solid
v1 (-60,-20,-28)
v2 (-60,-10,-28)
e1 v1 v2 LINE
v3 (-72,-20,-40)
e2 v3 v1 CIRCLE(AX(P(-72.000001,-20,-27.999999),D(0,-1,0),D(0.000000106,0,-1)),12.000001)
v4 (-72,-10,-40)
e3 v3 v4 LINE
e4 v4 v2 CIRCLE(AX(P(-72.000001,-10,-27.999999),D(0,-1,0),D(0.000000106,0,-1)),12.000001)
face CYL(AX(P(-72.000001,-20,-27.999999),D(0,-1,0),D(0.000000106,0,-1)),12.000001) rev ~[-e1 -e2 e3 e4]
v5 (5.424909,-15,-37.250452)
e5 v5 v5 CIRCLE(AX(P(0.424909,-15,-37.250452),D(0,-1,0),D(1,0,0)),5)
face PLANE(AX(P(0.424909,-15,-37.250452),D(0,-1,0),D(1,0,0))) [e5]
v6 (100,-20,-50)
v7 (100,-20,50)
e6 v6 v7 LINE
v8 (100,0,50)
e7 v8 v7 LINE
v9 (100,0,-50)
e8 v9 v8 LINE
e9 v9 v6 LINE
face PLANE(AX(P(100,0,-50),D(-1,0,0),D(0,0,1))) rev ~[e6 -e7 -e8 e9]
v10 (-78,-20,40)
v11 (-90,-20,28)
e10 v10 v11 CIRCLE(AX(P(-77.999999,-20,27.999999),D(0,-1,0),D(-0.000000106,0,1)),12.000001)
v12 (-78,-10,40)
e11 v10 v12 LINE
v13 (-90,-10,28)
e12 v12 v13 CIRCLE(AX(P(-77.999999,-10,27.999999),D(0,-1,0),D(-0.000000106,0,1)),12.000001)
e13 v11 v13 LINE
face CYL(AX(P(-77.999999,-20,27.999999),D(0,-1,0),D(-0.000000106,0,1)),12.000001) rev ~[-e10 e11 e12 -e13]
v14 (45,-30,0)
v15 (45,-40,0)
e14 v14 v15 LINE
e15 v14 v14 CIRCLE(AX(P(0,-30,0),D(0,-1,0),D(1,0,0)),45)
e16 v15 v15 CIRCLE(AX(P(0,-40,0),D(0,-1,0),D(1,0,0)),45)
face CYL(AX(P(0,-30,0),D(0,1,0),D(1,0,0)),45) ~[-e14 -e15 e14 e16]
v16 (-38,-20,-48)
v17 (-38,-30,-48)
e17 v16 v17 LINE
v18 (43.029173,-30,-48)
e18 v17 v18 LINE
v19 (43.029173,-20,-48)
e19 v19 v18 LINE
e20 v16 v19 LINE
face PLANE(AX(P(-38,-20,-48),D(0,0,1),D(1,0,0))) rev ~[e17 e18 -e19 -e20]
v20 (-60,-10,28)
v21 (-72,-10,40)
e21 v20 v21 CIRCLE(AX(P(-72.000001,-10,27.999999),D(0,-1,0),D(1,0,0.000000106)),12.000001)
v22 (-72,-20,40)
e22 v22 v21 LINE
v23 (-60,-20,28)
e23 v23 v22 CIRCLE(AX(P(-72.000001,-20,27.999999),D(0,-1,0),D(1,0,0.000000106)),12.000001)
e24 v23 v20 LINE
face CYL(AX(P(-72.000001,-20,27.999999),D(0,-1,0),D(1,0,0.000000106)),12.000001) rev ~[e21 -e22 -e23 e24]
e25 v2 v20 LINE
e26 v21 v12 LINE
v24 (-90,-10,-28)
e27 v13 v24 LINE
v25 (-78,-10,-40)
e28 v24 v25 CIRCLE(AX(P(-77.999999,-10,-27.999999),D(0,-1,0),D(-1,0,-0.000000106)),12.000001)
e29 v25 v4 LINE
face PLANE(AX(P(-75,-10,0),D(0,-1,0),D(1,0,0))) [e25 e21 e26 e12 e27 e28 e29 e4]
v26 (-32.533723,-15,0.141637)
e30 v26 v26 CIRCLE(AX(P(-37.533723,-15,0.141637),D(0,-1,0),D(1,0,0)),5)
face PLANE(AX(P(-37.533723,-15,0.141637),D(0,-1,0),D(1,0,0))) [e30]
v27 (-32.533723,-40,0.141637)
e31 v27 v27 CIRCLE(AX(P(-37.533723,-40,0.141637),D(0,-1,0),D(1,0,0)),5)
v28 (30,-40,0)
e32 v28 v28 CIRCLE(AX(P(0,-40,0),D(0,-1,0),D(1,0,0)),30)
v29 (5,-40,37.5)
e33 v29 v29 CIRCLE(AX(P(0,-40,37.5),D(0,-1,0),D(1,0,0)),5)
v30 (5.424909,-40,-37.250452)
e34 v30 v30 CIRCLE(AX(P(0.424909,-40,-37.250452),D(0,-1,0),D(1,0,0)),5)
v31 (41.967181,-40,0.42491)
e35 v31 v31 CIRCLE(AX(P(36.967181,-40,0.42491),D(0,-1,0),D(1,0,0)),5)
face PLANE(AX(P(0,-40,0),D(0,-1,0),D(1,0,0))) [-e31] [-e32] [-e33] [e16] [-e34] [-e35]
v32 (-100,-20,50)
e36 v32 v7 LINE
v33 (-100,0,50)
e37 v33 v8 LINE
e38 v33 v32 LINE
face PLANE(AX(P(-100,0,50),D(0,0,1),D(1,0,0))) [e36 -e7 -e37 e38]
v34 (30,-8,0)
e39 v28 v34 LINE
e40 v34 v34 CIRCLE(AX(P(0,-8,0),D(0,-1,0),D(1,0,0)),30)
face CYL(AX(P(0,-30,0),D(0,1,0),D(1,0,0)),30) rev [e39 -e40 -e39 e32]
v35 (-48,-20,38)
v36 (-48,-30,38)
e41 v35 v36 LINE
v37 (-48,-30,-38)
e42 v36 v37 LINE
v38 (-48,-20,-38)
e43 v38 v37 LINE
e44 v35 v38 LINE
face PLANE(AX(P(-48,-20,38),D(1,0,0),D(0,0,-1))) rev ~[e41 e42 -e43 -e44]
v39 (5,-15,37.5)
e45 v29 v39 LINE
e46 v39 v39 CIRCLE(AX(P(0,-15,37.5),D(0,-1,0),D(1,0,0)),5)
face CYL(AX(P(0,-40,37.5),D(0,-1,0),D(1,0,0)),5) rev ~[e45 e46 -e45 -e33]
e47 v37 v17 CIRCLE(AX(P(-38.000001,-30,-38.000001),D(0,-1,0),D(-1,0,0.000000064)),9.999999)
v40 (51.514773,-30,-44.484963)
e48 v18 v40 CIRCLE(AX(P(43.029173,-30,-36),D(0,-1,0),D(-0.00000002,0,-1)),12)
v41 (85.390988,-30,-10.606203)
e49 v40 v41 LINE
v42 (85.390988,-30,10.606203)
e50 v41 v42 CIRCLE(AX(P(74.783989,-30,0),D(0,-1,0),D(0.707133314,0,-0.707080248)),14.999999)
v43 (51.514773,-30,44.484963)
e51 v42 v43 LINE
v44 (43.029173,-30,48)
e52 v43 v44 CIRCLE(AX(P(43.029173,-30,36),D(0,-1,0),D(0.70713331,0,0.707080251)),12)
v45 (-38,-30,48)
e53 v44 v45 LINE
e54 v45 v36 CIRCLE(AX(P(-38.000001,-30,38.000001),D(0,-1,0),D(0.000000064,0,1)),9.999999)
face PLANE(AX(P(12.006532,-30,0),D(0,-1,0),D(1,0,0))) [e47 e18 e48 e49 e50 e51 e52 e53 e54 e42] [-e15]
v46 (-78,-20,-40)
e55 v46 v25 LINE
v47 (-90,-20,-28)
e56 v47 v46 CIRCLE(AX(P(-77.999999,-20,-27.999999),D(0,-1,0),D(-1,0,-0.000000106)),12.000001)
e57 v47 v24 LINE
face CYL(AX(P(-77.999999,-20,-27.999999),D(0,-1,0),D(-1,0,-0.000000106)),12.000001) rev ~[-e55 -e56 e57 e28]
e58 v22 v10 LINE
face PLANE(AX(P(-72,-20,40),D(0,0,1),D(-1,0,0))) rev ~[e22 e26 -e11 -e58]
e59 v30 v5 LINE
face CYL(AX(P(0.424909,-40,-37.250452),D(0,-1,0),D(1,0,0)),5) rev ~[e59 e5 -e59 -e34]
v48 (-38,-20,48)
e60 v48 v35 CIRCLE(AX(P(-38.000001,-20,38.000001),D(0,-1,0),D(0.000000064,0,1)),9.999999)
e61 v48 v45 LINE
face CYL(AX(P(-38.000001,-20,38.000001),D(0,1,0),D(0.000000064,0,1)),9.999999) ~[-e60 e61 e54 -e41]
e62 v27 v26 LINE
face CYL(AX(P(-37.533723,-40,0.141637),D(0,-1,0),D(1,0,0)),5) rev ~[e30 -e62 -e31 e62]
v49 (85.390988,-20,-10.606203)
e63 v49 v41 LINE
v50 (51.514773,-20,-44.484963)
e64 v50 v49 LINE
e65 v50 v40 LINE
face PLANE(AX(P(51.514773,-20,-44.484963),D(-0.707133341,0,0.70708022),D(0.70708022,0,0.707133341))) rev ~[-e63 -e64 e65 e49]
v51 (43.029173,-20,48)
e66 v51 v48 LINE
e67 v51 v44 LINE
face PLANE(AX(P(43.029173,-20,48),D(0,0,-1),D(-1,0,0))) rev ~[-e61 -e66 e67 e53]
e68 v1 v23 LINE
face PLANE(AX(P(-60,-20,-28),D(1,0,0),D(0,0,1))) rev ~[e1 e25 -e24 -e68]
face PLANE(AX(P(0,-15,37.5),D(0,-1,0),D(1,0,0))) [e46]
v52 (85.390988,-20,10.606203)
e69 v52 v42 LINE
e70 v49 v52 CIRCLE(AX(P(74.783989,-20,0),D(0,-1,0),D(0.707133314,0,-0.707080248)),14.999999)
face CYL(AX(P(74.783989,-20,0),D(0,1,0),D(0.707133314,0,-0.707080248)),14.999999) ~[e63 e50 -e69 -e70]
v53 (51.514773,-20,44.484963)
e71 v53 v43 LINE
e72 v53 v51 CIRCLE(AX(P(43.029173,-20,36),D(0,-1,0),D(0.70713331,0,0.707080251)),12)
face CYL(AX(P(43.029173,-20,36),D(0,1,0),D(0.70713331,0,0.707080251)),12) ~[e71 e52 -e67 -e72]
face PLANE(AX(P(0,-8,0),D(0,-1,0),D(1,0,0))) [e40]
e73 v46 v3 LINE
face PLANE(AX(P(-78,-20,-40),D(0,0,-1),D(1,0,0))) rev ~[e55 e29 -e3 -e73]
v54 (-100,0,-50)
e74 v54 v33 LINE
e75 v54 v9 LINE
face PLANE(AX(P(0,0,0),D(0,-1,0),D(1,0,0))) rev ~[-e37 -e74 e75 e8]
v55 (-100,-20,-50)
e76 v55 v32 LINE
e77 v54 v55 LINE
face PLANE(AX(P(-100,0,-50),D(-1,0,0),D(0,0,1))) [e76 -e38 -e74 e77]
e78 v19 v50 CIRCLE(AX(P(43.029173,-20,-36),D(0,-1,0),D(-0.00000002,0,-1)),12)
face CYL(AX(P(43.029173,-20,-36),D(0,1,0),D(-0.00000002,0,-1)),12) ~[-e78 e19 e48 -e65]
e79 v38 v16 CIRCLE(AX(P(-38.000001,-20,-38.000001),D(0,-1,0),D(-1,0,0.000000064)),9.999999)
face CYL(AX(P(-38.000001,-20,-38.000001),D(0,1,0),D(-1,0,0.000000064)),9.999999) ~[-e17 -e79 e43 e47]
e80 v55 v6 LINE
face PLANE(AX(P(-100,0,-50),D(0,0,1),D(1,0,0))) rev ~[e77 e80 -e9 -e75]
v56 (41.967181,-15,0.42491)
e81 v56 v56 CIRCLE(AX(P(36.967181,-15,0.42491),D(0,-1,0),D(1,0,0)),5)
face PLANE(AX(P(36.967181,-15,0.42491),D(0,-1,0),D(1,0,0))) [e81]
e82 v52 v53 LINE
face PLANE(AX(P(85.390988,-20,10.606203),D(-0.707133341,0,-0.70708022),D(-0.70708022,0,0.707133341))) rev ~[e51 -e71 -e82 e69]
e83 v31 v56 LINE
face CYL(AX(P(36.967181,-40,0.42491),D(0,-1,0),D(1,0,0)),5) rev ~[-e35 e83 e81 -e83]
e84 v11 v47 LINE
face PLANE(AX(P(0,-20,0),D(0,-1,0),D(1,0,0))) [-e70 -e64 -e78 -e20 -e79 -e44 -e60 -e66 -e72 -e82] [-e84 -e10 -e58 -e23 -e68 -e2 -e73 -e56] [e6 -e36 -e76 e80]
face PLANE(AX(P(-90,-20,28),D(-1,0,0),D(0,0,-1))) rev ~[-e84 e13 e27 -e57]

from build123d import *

# Parameters (mm, degrees)
F0_W      = 200
F0_H      = 100
F1_DEPTH  = 20
F3_DEPTH  = 10
F5_DEPTH  = 10
F6_R      = 45
F6_R_2    = 30
F7_DEPTH  = 10
F8_R      = 5
F9_DEPTH  = 25
F10_R     = 30
F11_DEPTH = 22


with BuildPart() as f1:
    # F0 (on Front) → F1 (new body)
    with BuildSketch(Plane.XZ):
        Rectangle(F0_W, F0_H)
    extrude(amount=F1_DEPTH)

    # F2 (on face) → F3 (cut)
    with BuildSketch(Plane.XZ.offset(20)):
        with BuildLine():
            Line((-72, 40), (-78, 40))
            ThreePointArc((-78, 40), (-86.485281, 36.485281), (-90, 28))
            Line((-90, 28), (-90, -28))
            ThreePointArc((-90, -28), (-86.485281, -36.485281), (-78, -40))
            Line((-78, -40), (-72, -40))
            ThreePointArc((-72, -40), (-63.514719, -36.485281), (-60, -28))
            Line((-60, -28), (-60, 28))
            ThreePointArc((-60, 28), (-63.514719, 36.485281), (-72, 40))
        make_face()
    extrude(amount=-F3_DEPTH, mode=Mode.SUBTRACT)

    # F4 (on face) → F5 (join)
    with BuildSketch(Plane.XZ.offset(20)):
        with BuildLine():
            Line((-38, -48), (43.029173, -48))
            ThreePointArc((43.029173, -48), (47.621583, -47.086468), (51.514773, -44.484963))
            Line((51.514773, -44.484963), (85.390988, -10.606203))
            ThreePointArc((85.390988, -10.606203), (89.783988, 0), (85.390988, 10.606203))
            Line((85.390988, 10.606203), (51.514773, 44.484963))
            ThreePointArc((51.514773, 44.484963), (47.621583, 47.086468), (43.029173, 48))
            Line((43.029173, 48), (-38, 48))
            ThreePointArc((-38, 48), (-45.071068, 45.071068), (-48, 38))
            Line((-48, 38), (-48, -38))
            ThreePointArc((-48, -38), (-45.071068, -45.071068), (-38, -48))
        make_face()
    extrude(amount=F5_DEPTH)

    # F6 (on face) → F7 (join)
    with BuildSketch(Plane.XZ.offset(30)):
        Circle(F6_R)
        Circle(F6_R_2, mode=Mode.SUBTRACT)
    extrude(amount=F7_DEPTH)

    # F8 (on face) → F9 (cut)
    with BuildSketch(Plane.XZ.offset(40)):
        with Locations((-37.533723, 0.141637)):
            Circle(F8_R)
        with Locations((36.967181, 0.42491)):
            Circle(F8_R)
        with Locations((0, 37.5)):
            Circle(F8_R)
        with Locations((0.424909, -37.250452)):
            Circle(F8_R)
    extrude(amount=-F9_DEPTH, mode=Mode.SUBTRACT)

    # F10 (on face) → F11 (cut)
    with BuildSketch(Plane.XZ.offset(30)):
        Circle(F10_R)
    extrude(amount=-F11_DEPTH, mode=Mode.SUBTRACT)


solid = f1.part
